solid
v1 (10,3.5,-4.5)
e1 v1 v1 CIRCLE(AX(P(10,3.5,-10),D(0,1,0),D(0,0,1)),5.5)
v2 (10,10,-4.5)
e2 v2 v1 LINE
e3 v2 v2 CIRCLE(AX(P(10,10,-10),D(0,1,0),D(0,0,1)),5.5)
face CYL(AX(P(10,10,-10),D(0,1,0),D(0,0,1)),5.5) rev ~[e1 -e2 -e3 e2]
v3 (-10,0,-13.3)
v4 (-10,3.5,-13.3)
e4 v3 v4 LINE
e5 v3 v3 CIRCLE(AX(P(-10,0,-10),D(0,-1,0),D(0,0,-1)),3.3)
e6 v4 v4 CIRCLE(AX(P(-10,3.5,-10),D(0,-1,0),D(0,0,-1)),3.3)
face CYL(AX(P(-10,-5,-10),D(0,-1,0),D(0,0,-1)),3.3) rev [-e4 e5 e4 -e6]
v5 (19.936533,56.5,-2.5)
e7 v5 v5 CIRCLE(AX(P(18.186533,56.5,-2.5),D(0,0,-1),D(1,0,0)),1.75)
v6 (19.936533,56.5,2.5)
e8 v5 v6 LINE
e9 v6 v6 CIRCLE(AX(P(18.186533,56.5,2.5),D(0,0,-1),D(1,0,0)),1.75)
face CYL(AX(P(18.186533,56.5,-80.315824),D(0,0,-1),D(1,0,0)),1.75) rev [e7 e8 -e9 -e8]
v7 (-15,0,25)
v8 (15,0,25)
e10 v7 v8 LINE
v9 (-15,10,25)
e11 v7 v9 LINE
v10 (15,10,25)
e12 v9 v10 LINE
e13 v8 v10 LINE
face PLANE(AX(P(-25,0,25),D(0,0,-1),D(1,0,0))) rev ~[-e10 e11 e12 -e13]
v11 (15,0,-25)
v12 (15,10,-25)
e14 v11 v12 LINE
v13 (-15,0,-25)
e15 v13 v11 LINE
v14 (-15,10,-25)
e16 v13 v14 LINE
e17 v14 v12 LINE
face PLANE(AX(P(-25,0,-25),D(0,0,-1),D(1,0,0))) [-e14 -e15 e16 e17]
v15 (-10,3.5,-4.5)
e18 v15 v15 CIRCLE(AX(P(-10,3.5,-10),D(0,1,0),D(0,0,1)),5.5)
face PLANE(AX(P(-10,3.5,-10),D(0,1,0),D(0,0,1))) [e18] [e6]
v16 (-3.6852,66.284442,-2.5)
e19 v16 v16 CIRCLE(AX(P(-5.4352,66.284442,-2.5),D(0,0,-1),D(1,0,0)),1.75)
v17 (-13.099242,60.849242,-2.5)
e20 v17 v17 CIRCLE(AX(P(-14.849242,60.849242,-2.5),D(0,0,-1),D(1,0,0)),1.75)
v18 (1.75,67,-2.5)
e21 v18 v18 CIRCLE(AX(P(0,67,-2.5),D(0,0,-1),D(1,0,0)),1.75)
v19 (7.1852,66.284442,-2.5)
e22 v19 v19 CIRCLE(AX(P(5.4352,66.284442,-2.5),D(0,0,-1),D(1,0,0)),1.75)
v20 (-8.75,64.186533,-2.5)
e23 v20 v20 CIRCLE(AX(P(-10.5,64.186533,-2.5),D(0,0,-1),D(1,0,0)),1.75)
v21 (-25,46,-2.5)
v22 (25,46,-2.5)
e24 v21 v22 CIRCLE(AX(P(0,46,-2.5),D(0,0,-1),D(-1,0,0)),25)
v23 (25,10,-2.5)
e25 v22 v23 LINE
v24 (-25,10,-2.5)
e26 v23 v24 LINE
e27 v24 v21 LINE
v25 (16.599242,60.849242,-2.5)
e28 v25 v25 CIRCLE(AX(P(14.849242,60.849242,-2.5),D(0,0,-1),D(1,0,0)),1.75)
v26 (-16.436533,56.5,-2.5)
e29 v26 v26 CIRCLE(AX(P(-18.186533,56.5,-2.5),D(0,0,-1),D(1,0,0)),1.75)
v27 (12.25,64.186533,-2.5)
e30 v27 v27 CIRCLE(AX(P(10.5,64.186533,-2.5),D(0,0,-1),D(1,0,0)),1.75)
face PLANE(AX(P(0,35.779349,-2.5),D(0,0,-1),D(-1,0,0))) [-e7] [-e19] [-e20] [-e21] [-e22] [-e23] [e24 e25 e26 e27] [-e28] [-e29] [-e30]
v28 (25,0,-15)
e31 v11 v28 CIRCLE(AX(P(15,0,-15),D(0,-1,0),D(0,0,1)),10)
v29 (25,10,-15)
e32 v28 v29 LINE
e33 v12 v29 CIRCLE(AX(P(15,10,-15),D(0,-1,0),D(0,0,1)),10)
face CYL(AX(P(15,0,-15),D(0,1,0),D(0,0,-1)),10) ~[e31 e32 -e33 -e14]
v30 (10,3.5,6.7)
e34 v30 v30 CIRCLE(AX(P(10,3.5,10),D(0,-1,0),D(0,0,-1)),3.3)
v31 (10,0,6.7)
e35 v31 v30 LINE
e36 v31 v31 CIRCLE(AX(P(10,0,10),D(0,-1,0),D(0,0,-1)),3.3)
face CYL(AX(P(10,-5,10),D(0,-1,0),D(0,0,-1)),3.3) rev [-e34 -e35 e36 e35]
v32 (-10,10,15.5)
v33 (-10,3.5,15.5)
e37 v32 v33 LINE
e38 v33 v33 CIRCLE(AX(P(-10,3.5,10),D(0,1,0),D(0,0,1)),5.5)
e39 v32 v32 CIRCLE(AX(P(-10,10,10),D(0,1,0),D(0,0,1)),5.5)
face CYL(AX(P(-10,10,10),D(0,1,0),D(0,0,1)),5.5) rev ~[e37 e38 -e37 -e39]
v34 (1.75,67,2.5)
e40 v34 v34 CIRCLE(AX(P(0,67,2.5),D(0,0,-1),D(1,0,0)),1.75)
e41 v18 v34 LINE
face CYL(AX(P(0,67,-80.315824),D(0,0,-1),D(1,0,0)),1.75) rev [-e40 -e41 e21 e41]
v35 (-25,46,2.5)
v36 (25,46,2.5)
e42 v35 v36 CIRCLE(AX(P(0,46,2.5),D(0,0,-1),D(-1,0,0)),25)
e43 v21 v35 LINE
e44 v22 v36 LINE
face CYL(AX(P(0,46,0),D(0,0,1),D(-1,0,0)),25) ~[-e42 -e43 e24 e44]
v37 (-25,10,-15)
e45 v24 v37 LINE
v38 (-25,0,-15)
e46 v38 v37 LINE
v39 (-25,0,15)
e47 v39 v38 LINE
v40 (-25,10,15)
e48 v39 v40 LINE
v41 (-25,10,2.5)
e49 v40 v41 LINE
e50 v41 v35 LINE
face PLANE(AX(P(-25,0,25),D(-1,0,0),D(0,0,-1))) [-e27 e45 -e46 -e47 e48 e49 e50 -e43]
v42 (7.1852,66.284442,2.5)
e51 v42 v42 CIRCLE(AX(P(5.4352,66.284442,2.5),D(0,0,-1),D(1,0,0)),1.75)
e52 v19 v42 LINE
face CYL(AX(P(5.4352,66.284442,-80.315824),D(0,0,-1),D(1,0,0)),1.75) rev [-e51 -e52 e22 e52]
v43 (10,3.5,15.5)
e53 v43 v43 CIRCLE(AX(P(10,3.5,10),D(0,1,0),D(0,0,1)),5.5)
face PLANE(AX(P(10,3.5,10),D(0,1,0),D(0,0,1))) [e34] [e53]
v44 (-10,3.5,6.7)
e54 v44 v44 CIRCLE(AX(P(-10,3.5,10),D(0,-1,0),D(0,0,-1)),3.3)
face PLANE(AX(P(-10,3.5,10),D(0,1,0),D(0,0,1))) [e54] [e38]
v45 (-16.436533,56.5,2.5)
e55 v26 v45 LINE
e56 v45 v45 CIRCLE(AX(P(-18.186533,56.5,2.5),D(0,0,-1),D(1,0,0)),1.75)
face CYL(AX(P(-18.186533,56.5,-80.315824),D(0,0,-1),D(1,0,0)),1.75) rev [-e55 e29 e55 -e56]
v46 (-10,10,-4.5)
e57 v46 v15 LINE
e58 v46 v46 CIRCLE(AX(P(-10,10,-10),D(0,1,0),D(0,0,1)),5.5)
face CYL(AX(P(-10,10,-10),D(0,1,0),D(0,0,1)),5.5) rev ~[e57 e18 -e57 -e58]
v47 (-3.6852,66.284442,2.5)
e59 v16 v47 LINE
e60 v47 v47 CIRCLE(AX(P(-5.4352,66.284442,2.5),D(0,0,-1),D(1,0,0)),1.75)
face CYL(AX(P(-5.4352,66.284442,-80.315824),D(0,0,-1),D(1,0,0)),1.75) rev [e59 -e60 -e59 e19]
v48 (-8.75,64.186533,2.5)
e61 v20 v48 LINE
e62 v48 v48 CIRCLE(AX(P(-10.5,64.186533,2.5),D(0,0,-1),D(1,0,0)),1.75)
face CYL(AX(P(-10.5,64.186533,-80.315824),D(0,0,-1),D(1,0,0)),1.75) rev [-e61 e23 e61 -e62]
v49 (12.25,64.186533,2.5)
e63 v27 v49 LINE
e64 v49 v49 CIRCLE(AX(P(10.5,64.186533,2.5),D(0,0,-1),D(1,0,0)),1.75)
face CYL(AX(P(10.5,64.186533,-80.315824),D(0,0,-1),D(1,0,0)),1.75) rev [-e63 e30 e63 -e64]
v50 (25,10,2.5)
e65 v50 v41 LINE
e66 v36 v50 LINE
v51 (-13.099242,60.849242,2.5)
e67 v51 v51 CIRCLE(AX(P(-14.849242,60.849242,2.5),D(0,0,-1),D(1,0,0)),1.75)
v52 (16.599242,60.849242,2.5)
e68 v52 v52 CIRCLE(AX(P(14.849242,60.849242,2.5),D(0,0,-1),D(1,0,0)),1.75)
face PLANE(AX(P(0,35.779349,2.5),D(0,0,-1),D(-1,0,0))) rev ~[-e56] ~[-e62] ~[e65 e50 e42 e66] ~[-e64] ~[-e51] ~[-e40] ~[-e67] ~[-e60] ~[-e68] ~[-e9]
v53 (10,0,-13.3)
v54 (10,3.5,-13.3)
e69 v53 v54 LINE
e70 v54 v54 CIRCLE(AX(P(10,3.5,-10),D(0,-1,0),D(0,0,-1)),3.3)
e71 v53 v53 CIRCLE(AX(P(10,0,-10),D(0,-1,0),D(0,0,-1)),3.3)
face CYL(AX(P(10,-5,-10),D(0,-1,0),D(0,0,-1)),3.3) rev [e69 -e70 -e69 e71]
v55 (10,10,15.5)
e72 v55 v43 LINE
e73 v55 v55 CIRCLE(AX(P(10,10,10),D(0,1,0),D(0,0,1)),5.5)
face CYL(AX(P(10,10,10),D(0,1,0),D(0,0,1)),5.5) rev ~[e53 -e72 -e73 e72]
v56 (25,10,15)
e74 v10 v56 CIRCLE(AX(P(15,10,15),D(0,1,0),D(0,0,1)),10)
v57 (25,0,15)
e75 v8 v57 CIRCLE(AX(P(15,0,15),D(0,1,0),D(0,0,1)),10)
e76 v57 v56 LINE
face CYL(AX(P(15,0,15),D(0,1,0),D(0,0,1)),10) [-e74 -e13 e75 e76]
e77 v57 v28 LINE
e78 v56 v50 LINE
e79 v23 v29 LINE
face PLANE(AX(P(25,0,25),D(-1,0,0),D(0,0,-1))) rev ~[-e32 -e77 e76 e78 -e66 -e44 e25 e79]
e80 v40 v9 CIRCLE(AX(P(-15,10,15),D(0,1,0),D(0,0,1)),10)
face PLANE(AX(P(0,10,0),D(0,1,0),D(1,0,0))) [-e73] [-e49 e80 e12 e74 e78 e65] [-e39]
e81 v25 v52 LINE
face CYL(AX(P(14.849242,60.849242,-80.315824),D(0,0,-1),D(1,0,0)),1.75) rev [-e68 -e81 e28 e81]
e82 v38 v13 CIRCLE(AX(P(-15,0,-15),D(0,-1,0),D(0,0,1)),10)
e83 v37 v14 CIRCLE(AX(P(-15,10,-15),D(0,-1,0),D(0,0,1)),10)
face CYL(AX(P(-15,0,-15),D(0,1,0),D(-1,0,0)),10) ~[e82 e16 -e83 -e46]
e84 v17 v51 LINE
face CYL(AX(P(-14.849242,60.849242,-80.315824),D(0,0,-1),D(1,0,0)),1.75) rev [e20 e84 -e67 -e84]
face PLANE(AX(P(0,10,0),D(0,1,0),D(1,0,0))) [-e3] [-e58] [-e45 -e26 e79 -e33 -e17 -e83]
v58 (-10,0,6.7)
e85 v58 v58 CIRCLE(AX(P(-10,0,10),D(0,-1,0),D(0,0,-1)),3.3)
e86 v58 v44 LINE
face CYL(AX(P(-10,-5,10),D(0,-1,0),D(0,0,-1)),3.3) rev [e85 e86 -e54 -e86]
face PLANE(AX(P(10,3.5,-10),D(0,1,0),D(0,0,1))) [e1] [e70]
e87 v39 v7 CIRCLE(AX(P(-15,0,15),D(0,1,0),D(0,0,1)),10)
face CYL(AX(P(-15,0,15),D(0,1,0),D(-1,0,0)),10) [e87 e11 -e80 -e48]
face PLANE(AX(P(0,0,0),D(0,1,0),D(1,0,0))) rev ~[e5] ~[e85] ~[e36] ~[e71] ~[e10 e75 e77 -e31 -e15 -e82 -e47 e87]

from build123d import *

# Parameters (mm, degrees)
SKETCH_1_W               = 50
SKETCH_1_H               = 50
EXTRUDE_1_DEPTH          = 10
EXTRUDE_2_DEPTH          = 2.5
CUT_EXTRUDE_1_DEPTH      = 80.315824398
CUT_EXTRUDE_1_DEPTH_BACK = 80.315824398
SKETCH_5_R               = 1.75
CUT_EXTRUDE_3_DEPTH      = 80.315824398
CUT_EXTRUDE_3_DEPTH_BACK = 5
SKETCH_6_R               = 3.3
FILLET_1_R               = 10
SKETCH_8_R               = 5.5
CUT_EXTRUDE_5_DEPTH      = 6.5


with BuildPart() as part:
    # ｽｹｯﾁ1 → ﾎﾞｽ - 押し出し1 (new body)
    with BuildSketch(Plane(origin=(0, 0, 0), x_dir=(1, 0, 0), z_dir=(0, 1, 0))):
        Rectangle(SKETCH_1_W, SKETCH_1_H)
    extrude(amount=EXTRUDE_1_DEPTH)

    # ｽｹｯﾁ2 → ﾎﾞｽ - 押し出し2 (add, symmetric)
    with BuildSketch(Plane.XY):
        with BuildLine():
            Line((25, 46), (25, 10))
            Line((25, 10), (-25, 10))
            Line((-25, 10), (-25, 46))
            ThreePointArc((-25, 46), (0, 71), (25, 46))
        make_face()
    extrude(amount=EXTRUDE_2_DEPTH, both=True)

    # ｽｹｯﾁ5 → ｶｯﾄ - 押し出し1 (cut, two sides: drawn at the far end of the back side and taken through both)
    with BuildSketch(Plane.XY.offset(-CUT_EXTRUDE_1_DEPTH_BACK)):
        with Locations((0, 67)):
            Circle(SKETCH_5_R)
        with Locations((5.435199947, 66.284442352)):
            Circle(SKETCH_5_R)
        with Locations((10.5, 64.186533479)):
            Circle(SKETCH_5_R)
        with Locations((14.849242405, 60.849242405)):
            Circle(SKETCH_5_R)
        with Locations((18.186533479, 56.5)):
            Circle(SKETCH_5_R)
        with Locations((-18.186533479, 56.5)):
            Circle(SKETCH_5_R)
        with Locations((-14.849242405, 60.849242405)):
            Circle(SKETCH_5_R)
        with Locations((-10.5, 64.186533479)):
            Circle(SKETCH_5_R)
        with Locations((-5.435199947, 66.284442352)):
            Circle(SKETCH_5_R)
    extrude(amount=CUT_EXTRUDE_1_DEPTH + CUT_EXTRUDE_1_DEPTH_BACK, mode=Mode.SUBTRACT)

    # ｽｹｯﾁ6 → ｶｯﾄ - 押し出し3 (cut, two sides: drawn at the far end of the back side and taken through both)
    with BuildSketch(Plane(origin=(0, 0, 0), x_dir=(1, 0, 0), z_dir=(0, 1, 0)).offset(-CUT_EXTRUDE_3_DEPTH_BACK)):
        with Locations(Location((-10, -10, 0), (0, 0, 90))):
            Circle(SKETCH_6_R)
        with Locations(Location((10, -10, 0), (0, 0, 90))):
            Circle(SKETCH_6_R)
        with Locations(Location((10, 10, 0), (0, 0, 90))):
            Circle(SKETCH_6_R)
        with Locations(Location((-10, 10, 0), (0, 0, 90))):
            Circle(SKETCH_6_R)
    extrude(amount=CUT_EXTRUDE_3_DEPTH + CUT_EXTRUDE_3_DEPTH_BACK, mode=Mode.SUBTRACT)

    # ﾌｨﾚｯﾄ1
    fillet_1_edges = [part.edges().sort_by_distance(p)[0] for p in [
        (-25, 5, 25),
        (-25, 5, -25),
        (25, 5, -25),
        (25, 5, 25),
    ]]
    fillet(fillet_1_edges, radius=FILLET_1_R)

    # ｽｹｯﾁ8 → ｶｯﾄ - 押し出し5 (cut)
    with BuildSketch(Plane(origin=(0, 10, 0), x_dir=(1, 0, 0), z_dir=(0, 1, 0))):
        with Locations(Location((-10, -10, 0), (0, 0, 270))):
            Circle(SKETCH_8_R)
        with Locations(Location((10, -10, 0), (0, 0, 270))):
            Circle(SKETCH_8_R)
        with Locations(Location((10, 10, 0), (0, 0, 270))):
            Circle(SKETCH_8_R)
        with Locations(Location((-10, 10, 0), (0, 0, 270))):
            Circle(SKETCH_8_R)
    extrude(amount=-CUT_EXTRUDE_5_DEPTH, mode=Mode.SUBTRACT)


solid = part.part
